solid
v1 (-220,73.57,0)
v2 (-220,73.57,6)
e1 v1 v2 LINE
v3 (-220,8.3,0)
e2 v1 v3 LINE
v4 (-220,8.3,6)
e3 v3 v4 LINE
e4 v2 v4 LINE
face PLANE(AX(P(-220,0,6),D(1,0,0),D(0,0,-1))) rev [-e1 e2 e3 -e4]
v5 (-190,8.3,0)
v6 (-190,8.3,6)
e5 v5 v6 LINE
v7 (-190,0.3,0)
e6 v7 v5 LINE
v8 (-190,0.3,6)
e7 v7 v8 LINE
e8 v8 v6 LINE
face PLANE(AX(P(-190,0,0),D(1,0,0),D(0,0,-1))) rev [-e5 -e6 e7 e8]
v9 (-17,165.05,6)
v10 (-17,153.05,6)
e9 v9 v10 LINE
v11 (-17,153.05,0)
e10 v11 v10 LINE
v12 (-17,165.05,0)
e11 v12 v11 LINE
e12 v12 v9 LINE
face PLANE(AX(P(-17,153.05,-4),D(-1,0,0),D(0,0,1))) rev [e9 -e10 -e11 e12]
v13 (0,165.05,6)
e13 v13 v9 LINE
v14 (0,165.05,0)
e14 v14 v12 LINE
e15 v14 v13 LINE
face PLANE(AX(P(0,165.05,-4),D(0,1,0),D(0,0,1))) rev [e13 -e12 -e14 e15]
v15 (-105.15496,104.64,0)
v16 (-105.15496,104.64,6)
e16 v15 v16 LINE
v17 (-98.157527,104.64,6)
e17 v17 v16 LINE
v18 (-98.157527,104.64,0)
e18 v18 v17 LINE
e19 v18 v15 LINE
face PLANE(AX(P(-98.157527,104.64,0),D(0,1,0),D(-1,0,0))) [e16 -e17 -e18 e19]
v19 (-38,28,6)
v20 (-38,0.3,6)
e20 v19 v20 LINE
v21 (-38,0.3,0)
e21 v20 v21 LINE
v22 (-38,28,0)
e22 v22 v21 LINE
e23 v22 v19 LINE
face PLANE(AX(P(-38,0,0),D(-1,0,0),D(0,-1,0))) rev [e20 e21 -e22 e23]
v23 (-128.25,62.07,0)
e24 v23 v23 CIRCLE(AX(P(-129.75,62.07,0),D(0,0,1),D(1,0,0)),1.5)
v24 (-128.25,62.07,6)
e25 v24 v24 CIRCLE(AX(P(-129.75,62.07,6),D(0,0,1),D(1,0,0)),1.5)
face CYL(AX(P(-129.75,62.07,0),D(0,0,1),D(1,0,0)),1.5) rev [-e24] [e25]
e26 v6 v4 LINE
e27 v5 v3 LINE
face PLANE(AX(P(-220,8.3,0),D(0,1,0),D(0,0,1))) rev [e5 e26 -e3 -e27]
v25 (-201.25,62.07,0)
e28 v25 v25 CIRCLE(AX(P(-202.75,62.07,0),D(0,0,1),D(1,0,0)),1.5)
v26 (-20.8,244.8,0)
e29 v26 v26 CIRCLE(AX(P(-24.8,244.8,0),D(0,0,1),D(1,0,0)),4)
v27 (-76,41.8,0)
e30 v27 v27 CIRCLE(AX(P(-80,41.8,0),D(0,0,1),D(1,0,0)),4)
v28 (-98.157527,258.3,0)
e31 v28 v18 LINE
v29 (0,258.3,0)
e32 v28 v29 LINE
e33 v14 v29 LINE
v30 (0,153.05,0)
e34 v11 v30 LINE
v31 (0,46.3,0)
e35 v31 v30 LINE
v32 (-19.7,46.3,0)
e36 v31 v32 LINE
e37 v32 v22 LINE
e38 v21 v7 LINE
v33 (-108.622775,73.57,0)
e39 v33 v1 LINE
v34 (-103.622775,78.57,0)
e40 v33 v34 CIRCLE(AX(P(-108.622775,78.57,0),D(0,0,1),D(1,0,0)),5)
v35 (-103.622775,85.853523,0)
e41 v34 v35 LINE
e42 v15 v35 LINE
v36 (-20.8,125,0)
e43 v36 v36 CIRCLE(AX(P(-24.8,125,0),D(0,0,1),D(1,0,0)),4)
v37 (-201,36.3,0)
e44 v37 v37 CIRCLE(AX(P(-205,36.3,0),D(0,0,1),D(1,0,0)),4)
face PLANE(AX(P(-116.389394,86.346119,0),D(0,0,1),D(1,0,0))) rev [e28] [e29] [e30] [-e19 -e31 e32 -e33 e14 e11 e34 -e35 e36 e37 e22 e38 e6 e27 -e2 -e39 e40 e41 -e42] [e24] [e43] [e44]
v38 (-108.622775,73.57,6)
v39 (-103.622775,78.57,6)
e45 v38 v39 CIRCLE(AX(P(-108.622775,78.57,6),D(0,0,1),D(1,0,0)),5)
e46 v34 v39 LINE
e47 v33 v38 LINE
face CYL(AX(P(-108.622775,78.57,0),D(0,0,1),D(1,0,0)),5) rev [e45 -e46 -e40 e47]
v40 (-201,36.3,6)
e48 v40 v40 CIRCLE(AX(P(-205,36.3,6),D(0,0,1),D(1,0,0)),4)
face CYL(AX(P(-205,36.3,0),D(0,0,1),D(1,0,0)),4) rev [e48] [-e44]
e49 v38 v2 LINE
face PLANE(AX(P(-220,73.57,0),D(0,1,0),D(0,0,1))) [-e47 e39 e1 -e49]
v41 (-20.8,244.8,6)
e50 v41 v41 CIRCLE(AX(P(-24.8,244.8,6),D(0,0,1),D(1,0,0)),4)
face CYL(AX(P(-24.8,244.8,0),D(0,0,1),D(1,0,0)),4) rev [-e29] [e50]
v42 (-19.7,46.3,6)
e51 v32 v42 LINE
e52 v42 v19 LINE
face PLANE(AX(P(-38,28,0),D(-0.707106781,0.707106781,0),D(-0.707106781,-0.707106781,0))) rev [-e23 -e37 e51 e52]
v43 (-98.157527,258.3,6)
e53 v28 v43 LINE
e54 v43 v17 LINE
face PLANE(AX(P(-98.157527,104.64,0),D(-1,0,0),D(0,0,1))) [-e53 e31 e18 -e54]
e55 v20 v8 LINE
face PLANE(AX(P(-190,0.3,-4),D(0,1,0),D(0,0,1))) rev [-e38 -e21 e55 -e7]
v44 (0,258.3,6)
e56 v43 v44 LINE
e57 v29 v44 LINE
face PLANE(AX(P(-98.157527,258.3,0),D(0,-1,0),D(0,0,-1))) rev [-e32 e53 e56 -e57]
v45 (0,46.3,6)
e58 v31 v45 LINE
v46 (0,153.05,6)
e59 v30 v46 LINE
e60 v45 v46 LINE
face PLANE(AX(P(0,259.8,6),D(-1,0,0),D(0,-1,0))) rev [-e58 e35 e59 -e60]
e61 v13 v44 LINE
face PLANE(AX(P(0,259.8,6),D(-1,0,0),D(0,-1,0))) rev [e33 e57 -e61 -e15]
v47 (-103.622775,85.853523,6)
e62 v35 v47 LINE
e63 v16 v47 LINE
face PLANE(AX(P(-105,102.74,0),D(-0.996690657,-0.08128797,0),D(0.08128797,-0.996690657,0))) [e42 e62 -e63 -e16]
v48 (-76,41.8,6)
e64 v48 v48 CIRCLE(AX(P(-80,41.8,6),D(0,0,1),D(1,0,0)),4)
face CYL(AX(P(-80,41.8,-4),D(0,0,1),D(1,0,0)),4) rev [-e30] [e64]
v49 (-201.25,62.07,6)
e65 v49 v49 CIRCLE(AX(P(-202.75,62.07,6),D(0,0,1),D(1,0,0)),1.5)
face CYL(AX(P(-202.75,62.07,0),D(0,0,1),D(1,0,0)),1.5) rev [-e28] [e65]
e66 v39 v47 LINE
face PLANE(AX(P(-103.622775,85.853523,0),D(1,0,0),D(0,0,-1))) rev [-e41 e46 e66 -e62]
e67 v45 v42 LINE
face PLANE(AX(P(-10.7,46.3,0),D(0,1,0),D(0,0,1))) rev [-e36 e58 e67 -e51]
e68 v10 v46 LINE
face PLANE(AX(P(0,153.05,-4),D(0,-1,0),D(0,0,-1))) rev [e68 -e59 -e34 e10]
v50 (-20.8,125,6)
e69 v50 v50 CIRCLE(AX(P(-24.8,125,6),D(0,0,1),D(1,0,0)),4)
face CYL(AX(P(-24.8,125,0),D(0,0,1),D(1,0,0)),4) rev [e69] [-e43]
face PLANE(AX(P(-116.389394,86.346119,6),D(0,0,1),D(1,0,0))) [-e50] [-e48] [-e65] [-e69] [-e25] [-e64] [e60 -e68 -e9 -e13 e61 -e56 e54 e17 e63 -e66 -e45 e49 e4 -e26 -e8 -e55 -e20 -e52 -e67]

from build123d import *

# Parameters (mm, degrees)
BOSS_EXTRUDE2_DEPTH      = 6
SKETCH2_R                = 4
SKETCH2_W                = 30
SKETCH2_H                = 8.3
CUT_EXTRUDE1_DEPTH       = 341.487943986
CROQUIS1_W               = 103.610606389
CROQUIS1_H               = 1.56
SALIENTE_EXTRUIR2_DEPTH  = 6
SALIENTE_EXTRUIR3_DEPTH  = 6
SALIENTE_EXTRUIR4_START  = -6
SALIENTE_EXTRUIR4_DEPTH  = 6
SALIENTE_EXTRUIR5_DEPTH  = 6
SALIENTE_EXTRUIR6_DEPTH  = 6
CROQUIS7_W               = 103.610606389
CROQUIS7_H               = 0.56
SALIENTE_EXTRUIR7_DEPTH  = 6
SALIENTE_EXTRUIR8_DEPTH  = 6
SKETCH3_R                = 1.5
CUT_EXTRUDE2_DEPTH       = 341.487943986
CUT_EXTRUDE3_DEPTH       = 341.487943986
CROQUIS9_W               = 152
CROQUIS9_H               = 0.3
CORTAR_EXTRUIR1_DEPTH    = 10
CORTAR_EXTRUIR2_DEPTH    = 6
CROQUIS14_W              = 17
CROQUIS14_H              = 12
CORTAR_EXTRUIR4_DEPTH    = 10
CROQUIS15_R              = 4
CORTAR_EXTRUIR5_DEPTH    = 10
SALIENTE_EXTRUIR10_DEPTH = 6
SALIENTE_EXTRUIR11_DEPTH = 6
CROQUIS18_W              = 98.157526679
CROQUIS18_H              = 1.5
CORTAR_EXTRUIR6_DEPTH    = 6


with BuildPart() as part:
    # Sketch1 → Boss-Extrude2 (new body)
    with BuildSketch(Plane.XY):
        with BuildLine():
            Line((0, 0), (-220, 0))
            Line((-220, 0), (-220, 71.45))
            Line((-220, 71.45), (-116.389393611, 71.45))
            ThreePointArc((-116.389393611, 71.45), (-107.149394721, 74.662079518), (-101.894274329, 82.913063942))
            Line((-101.894274329, 82.913063942), (-60, 259.8))
            Line((-60, 259.8), (0, 259.8))
            Line((0, 259.8), (0, 0))
        make_face()
    extrude(amount=BOSS_EXTRUDE2_DEPTH)

    # Sketch2 → Cut-Extrude1 (cut, through all)
    with BuildSketch(Plane.XY.offset(6)):
        with Locations((-205, 36.3)):
            Circle(SKETCH2_R)
        with Locations((-24.8, 244.8)):
            Circle(SKETCH2_R)
        with Locations((-24.8, 125)):
            Circle(SKETCH2_R)
        with Locations((-80, 36.3)):
            Circle(SKETCH2_R)
        with Locations((-205, 4.15)):
            Rectangle(SKETCH2_W, SKETCH2_H)
        Polygon((-38, 0), (-38, 19), (-10.7, 46.3), (0, 46.3), (0, 0), align=None)
    extrude(amount=-CUT_EXTRUDE1_DEPTH, mode=Mode.SUBTRACT)

    # Croquis1 → Saliente-Extruir2 (add)
    with BuildSketch(Plane.XY.offset(6)):
        with Locations((-168.194696806, 72.23)):
            Rectangle(CROQUIS1_W, CROQUIS1_H)
    extrude(amount=-SALIENTE_EXTRUIR2_DEPTH)

    # Croquis3 → Saliente-Extruir3 (add)
    with BuildSketch(Plane.XY.offset(6)):
        Polygon((-101.894274329, 82.913063942), (-103.412279578, 83.272591501), (-60, 259.8), align=None)
    extrude(amount=-SALIENTE_EXTRUIR3_DEPTH)

    # Croquis4 → Saliente-Extruir4 (add)
    with BuildSketch(Plane.XY.offset(6).offset(SALIENTE_EXTRUIR4_START)):
        with BuildLine():
            Line((-103.412279578, 83.272591501), (-101.894274329, 82.913063942))
            ThreePointArc((-101.894274329, 82.913063942), (-107.149394721, 74.662079518), (-116.389393611, 71.45))
            Line((-116.389393611, 71.45), (-116.389393611, 73.01))
            ThreePointArc((-116.389393611, 73.01), (-108.117056079, 75.88569363), (-103.412279578, 83.272591501))
        make_face()
    extrude(amount=SALIENTE_EXTRUIR4_DEPTH)

    # Croquis5 → Saliente-Extruir5 (add)
    with BuildSketch(Plane.XY.offset(6)):
        Polygon((-105, 102.74), (-55, 102.74), (-103.412279578, 83.272591501), align=None)
    extrude(amount=-SALIENTE_EXTRUIR5_DEPTH)

    # Croquis6 → Saliente-Extruir6 (add)
    with BuildSketch(Plane.XY.offset(6)):
        Polygon((-98.157526679, 104.64), (-105.154959958, 104.64), (-105, 102.74), (-98.624781775, 102.74), align=None)
    extrude(amount=-SALIENTE_EXTRUIR6_DEPTH)

    # Croquis7 → Saliente-Extruir7 (add)
    with BuildSketch(Plane.XY.offset(6)):
        with Locations((-168.194696806, 73.29)):
            Rectangle(CROQUIS7_W, CROQUIS7_H)
    extrude(amount=-SALIENTE_EXTRUIR7_DEPTH)

    # Croquis8 → Saliente-Extruir8 (add)
    with BuildSketch(Plane.XY.offset(6)):
        with BuildLine():
            Line((-116.389393611, 73.57), (-117.98880457, 71.652693326))
            Line((-117.98880457, 71.652693326), (-105.380568296, 73.057716723))
            Line((-105.380568296, 73.057716723), (-100.684832206, 83.373546401))
            Line((-100.684832206, 83.373546401), (-103.622774874, 85.853523162))
            ThreePointArc((-103.622774874, 85.853523162), (-107.531184208, 77.13952683), (-116.389393611, 73.57))
        make_face()
    extrude(amount=-SALIENTE_EXTRUIR8_DEPTH)

    # Sketch3 → Cut-Extrude2 (cut, through all)
    with BuildSketch(Plane.XY.offset(6)):
        with Locations((-202.75, 62.07)):
            Circle(SKETCH3_R)
        with Locations((-129.75, 62.07)):
            Circle(SKETCH3_R)
    extrude(amount=-CUT_EXTRUDE2_DEPTH, mode=Mode.SUBTRACT)

    # Sketch4 → Cut-Extrude3 (cut, through all)
    with BuildSketch(Plane.XY.offset(6)):
        with BuildLine():
            Line((-103.622774874, 85.853523162), (-103.622774874, 78.57))
            ThreePointArc((-103.622774874, 78.57), (-105.087240968, 75.034466094), (-108.622774874, 73.57))
            Line((-108.622774874, 73.57), (-116.389393611, 73.57))
            ThreePointArc((-116.389393611, 73.57), (-107.531184208, 77.13952683), (-103.622774874, 85.853523162))
        make_face()
    extrude(amount=-CUT_EXTRUDE3_DEPTH, mode=Mode.SUBTRACT)

    # Croquis9 → Cortar-Extruir1 (cut)
    with BuildSketch(Plane.XY.offset(6)):
        with Locations((-114, 0.15)):
            Rectangle(CROQUIS9_W, CROQUIS9_H)
    extrude(amount=-CORTAR_EXTRUIR1_DEPTH, mode=Mode.SUBTRACT)

    # Croquis11 → Cortar-Extruir2 (cut)
    with BuildSketch(Plane.XY.offset(6)):
        Polygon((-10.7, 46.3), (-19.7, 46.3), (-38, 28), (-38, 19), align=None)
    extrude(amount=-CORTAR_EXTRUIR2_DEPTH, mode=Mode.SUBTRACT)

    # Croquis14 → Cortar-Extruir4 (cut)
    with BuildSketch(Plane.XY.offset(6)):
        with Locations((-8.5, 159.05)):
            Rectangle(CROQUIS14_W, CROQUIS14_H)
    extrude(amount=-CORTAR_EXTRUIR4_DEPTH, mode=Mode.SUBTRACT)

    # Croquis15 → Cortar-Extruir5 (cut)
    with BuildSketch(Plane.XY.offset(6)):
        with Locations((-80, 41.8)):
            Circle(CROQUIS15_R)
    extrude(amount=-CORTAR_EXTRUIR5_DEPTH, mode=Mode.SUBTRACT)

    # Croquis16 → Saliente-Extruir10 (add)
    with BuildSketch(Plane.XY.offset(6)):
        with BuildLine():
            ThreePointArc((-77.09526249, 39.05), (-80, 37.8), (-82.90473751, 39.05))
            ThreePointArc((-82.90473751, 39.05), (-80, 32.3), (-77.09526249, 39.05))
        make_face()
    extrude(amount=-SALIENTE_EXTRUIR10_DEPTH)

    # Croquis17 → Saliente-Extruir11 (add)
    with BuildSketch(Plane.XY.offset(6)):
        Polygon((-98.157526679, 104.64), (-98.157526679, 259.8), (-60, 259.8), align=None)
    extrude(amount=-SALIENTE_EXTRUIR11_DEPTH)

    # Croquis18 → Cortar-Extruir6 (cut)
    with BuildSketch(Plane.XY.offset(6)):
        with Locations((-49.07876334, 259.05)):
            Rectangle(CROQUIS18_W, CROQUIS18_H)
    extrude(amount=-CORTAR_EXTRUIR6_DEPTH, mode=Mode.SUBTRACT)


solid = part.part
